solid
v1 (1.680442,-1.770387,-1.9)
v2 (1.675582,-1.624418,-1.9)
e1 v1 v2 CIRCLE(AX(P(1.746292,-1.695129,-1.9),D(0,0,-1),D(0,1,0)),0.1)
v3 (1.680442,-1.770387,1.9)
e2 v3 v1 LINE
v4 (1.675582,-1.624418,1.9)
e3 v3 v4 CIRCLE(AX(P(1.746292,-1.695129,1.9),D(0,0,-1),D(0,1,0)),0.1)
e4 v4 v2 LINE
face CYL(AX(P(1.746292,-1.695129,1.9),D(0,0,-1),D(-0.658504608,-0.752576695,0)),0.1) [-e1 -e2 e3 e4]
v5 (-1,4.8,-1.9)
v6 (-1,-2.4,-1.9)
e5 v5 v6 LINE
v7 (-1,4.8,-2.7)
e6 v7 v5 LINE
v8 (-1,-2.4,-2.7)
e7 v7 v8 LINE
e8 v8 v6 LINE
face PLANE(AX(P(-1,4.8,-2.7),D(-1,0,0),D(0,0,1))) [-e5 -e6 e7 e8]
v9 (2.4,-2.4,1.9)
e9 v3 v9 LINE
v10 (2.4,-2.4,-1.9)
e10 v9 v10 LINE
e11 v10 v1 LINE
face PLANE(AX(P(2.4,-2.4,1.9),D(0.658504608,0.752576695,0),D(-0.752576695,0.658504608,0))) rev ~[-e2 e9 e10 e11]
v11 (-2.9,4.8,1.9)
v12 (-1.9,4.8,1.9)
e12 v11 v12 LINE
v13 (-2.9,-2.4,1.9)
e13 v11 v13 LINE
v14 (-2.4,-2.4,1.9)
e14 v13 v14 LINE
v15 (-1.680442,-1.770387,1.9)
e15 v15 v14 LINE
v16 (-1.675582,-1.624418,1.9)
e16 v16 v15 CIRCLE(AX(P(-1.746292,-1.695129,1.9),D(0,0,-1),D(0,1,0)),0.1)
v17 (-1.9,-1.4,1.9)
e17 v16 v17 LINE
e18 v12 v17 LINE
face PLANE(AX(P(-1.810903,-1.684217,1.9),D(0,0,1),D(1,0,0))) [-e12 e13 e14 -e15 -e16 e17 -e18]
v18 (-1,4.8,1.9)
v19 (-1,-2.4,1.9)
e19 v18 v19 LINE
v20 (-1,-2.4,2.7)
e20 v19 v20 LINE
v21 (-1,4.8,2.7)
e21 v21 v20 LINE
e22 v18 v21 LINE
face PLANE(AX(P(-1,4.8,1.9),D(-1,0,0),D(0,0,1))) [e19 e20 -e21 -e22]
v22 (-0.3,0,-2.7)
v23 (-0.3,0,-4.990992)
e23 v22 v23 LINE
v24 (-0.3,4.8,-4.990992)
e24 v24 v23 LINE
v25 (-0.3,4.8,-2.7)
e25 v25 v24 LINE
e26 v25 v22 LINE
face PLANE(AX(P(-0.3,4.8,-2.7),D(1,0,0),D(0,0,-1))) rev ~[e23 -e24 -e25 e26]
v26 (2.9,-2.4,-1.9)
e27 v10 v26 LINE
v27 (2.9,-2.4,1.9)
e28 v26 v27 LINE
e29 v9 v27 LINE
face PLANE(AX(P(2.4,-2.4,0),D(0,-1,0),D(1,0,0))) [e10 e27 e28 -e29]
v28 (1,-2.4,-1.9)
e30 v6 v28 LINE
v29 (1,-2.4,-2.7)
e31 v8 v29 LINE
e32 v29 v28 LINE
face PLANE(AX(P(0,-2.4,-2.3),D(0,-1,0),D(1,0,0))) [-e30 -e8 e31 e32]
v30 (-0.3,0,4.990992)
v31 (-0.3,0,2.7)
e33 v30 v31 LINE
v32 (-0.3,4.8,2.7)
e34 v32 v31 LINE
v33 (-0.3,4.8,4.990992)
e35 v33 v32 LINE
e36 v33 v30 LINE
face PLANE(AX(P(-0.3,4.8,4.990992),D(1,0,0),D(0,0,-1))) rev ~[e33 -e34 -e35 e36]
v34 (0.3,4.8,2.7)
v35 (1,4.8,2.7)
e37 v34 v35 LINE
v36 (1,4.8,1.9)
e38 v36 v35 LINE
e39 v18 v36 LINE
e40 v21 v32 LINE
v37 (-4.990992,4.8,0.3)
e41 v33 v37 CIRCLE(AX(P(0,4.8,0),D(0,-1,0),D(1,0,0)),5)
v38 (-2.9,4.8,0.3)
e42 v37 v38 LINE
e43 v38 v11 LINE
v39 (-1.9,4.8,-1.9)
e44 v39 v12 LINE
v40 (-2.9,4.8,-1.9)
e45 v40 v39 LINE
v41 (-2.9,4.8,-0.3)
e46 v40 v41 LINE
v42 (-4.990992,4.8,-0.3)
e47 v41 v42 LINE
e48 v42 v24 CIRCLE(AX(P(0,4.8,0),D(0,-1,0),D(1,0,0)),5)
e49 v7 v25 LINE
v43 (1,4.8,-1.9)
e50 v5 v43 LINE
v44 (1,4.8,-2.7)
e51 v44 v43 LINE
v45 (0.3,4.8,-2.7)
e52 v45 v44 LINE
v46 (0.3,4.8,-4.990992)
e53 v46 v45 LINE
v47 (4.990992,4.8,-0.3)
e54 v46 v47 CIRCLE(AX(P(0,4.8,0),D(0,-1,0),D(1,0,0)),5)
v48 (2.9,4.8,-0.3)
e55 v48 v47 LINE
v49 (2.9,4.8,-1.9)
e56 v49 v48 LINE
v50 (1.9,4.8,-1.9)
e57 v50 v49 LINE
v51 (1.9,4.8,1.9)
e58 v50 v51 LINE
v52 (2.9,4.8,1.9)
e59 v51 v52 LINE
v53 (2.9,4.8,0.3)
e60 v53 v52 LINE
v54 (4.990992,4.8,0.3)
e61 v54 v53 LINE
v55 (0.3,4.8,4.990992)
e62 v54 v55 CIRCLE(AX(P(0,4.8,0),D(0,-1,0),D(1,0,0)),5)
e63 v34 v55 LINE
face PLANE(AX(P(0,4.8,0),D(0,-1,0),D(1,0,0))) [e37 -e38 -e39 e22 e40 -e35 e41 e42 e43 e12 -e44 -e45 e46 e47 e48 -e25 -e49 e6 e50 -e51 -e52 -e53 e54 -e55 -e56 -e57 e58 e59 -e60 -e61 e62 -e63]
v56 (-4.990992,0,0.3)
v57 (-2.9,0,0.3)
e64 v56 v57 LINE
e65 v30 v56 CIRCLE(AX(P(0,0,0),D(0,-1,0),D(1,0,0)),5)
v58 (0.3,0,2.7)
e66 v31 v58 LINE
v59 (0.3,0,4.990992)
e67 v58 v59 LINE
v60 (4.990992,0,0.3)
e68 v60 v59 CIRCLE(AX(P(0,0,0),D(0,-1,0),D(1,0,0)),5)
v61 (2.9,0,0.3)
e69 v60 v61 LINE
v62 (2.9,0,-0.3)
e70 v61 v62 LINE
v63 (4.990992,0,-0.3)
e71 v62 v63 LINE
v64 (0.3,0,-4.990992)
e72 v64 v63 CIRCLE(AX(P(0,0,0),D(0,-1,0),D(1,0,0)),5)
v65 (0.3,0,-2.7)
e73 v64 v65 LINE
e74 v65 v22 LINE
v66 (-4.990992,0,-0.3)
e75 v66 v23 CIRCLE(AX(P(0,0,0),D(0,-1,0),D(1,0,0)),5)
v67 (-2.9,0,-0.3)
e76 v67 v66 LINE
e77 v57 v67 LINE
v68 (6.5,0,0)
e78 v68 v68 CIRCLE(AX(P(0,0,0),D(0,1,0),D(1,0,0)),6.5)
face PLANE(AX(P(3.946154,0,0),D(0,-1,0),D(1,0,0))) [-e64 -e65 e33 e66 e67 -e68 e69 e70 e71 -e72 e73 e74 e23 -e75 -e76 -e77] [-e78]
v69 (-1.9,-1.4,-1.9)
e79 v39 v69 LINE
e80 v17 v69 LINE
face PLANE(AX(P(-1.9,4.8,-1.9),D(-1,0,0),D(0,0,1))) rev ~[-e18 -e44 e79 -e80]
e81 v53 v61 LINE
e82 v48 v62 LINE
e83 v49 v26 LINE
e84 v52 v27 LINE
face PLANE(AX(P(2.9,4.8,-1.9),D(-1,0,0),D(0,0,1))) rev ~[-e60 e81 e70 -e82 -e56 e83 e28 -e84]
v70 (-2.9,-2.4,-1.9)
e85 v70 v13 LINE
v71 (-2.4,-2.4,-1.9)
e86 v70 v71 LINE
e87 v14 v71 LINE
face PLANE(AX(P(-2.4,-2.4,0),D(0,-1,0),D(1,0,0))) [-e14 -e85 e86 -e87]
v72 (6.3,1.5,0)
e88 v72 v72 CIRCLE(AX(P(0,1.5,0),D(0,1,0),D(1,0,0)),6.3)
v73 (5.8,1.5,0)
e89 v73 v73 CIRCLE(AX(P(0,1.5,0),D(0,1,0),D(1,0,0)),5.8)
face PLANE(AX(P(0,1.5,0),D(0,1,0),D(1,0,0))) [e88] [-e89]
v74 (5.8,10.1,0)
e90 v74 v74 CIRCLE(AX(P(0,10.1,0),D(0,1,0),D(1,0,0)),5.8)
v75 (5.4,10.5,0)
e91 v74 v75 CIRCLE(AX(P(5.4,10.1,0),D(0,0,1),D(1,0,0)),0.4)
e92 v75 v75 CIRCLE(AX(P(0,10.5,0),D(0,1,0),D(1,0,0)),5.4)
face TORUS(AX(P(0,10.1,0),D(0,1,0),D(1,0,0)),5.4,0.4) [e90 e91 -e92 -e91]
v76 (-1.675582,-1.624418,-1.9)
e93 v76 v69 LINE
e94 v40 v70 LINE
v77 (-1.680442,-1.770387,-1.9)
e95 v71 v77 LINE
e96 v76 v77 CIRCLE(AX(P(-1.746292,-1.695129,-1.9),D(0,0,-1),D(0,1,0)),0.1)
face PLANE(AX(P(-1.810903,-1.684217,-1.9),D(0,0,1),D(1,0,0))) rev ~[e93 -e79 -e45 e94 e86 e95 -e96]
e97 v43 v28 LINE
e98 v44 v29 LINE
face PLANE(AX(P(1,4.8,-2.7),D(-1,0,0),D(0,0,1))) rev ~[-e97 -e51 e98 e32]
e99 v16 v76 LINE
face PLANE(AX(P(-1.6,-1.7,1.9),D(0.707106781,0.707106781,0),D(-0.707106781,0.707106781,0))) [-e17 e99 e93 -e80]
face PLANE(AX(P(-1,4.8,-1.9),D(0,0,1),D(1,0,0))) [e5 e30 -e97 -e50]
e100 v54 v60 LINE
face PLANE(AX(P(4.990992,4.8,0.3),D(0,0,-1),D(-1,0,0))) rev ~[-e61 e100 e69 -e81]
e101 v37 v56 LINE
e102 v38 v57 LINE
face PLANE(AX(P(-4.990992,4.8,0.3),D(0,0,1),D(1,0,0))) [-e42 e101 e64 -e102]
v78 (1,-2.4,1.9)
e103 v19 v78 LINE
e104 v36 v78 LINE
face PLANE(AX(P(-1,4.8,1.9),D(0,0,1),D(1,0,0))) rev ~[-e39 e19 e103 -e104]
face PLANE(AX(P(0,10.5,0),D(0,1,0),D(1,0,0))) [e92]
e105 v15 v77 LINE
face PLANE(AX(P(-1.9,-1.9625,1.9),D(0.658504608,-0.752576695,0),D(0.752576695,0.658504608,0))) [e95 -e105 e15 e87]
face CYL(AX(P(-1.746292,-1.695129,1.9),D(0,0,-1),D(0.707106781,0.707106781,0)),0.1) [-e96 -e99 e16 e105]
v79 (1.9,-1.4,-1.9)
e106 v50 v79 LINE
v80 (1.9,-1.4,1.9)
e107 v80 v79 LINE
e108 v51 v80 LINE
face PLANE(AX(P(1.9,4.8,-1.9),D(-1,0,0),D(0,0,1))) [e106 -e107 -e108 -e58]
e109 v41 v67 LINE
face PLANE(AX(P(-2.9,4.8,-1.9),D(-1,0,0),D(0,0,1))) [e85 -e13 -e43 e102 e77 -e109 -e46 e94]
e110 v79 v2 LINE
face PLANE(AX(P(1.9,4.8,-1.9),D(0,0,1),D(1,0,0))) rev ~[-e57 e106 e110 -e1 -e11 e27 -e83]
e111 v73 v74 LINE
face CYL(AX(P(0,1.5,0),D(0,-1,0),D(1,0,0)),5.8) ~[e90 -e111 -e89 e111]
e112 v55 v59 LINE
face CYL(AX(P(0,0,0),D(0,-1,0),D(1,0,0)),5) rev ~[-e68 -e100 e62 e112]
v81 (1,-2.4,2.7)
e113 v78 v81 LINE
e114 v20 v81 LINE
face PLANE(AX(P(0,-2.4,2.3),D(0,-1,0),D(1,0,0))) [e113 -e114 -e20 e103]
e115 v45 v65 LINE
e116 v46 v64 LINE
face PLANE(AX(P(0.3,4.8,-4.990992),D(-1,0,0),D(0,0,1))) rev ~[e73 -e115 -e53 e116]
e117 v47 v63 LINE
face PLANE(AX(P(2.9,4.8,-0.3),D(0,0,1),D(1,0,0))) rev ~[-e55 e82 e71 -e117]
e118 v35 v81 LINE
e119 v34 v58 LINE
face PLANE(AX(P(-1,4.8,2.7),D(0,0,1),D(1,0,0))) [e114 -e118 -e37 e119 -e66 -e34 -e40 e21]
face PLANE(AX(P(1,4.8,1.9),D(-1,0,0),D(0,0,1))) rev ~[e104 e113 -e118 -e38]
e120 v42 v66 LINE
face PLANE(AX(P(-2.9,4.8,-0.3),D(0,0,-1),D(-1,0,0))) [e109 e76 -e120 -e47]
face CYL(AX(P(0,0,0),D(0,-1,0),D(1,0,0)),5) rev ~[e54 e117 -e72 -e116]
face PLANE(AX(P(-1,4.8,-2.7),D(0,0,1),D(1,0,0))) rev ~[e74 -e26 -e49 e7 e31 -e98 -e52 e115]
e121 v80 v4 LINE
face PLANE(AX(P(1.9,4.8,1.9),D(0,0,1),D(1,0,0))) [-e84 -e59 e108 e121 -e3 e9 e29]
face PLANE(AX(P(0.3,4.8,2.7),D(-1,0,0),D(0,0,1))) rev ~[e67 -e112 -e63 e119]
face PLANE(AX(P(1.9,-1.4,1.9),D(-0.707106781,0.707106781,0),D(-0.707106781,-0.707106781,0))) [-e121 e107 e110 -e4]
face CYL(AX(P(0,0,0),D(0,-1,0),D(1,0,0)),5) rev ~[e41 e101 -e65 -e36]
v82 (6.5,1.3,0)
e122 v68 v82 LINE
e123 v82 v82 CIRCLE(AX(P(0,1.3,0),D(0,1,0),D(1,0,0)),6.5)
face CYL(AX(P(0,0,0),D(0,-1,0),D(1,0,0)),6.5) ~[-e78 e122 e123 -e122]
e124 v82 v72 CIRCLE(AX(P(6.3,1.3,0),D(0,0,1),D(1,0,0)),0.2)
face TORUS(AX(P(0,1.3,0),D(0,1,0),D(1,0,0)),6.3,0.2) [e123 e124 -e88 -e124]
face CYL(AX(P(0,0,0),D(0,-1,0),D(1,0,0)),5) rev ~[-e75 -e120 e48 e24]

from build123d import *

# Parameters (mm, degrees)
SKETCH1_R           = 6.5
BOSS_EXTRUDE1_DEPTH = 1.5
SKETCH2_R           = 5.8
BOSS_EXTRUDE2_DEPTH = 9
FILLET1_R           = 0.4
SKETCH3_R           = 5
CUT_EXTRUDE1_DEPTH  = 4.8
BOSS_EXTRUDE3_DEPTH = 4.8
SKETCH5_W           = 2
SKETCH5_H           = 0.8
SKETCH5_W_2         = 1
SKETCH5_H_2         = 3.8
BOSS_EXTRUDE4_DEPTH = 7.2
CUT_EXTRUDE2_REACH  = 10.4
BOSS_EXTRUDE5_DEPTH = 3.8
FILLET2_R           = 0.1
FILLET3_R           = 0.2


with BuildPart() as part:
    # Sketch1 → Boss-Extrude1 (new body)
    with BuildSketch(Plane(origin=(0, 0, 0), x_dir=(1, 0, 0), z_dir=(0, 1, 0))):
        Circle(SKETCH1_R)
    extrude(amount=BOSS_EXTRUDE1_DEPTH)

    # Sketch2 → Boss-Extrude2 (add)
    with BuildSketch(Plane(origin=(0, 1.5, 0), x_dir=(1, 0, 0), z_dir=(0, 1, 0))):
        Circle(SKETCH2_R)
    extrude(amount=BOSS_EXTRUDE2_DEPTH)

    # Fillet1
    fillet1_edges = [part.edges().sort_by_distance(p)[0] for p in [
        (-5.8, 10.5, 0),
    ]]
    fillet(fillet1_edges, radius=FILLET1_R)

    # Sketch3 → Cut-Extrude1 (cut)
    with BuildSketch(Plane.XZ):
        Circle(SKETCH3_R)
    extrude(amount=-CUT_EXTRUDE1_DEPTH, mode=Mode.SUBTRACT)

    # Sketch4 → Boss-Extrude3 (add)
    with BuildSketch(Plane.XZ.offset(-4.8)):
        with BuildLine():
            Line((-4.990991885, 0.3), (-2.9, 0.3))
            Line((-2.9, 0.3), (-2.9, -0.3))
            Line((-2.9, -0.3), (-4.990991885, -0.3))
            ThreePointArc((-4.990991885, -0.3), (-5, 0), (-4.990991885, 0.3))
        make_face()
        with BuildLine():
            Line((2.9, 0.3), (2.9, -0.3))
            Line((2.9, -0.3), (4.990991885, -0.3))
            ThreePointArc((4.990991885, -0.3), (5, 0), (4.990991885, 0.3))
            Line((4.990991885, 0.3), (2.9, 0.3))
        make_face()
        with BuildLine():
            Line((-0.3, 4.990991885), (-0.3, 2.7))
            Line((-0.3, 2.7), (0.3, 2.7))
            Line((0.3, 2.7), (0.3, 4.990991885))
            ThreePointArc((0.3, 4.990991885), (0, 5), (-0.3, 4.990991885))
        make_face()
        with BuildLine():
            Line((0.3, -2.7), (-0.3, -2.7))
            Line((-0.3, -2.7), (-0.3, -4.990991885))
            ThreePointArc((-0.3, -4.990991885), (0, -5), (0.3, -4.990991885))
            Line((0.3, -4.990991885), (0.3, -2.7))
        make_face()
    extrude(amount=BOSS_EXTRUDE3_DEPTH)

    # Sketch5 → Boss-Extrude4 (add)
    with BuildSketch(Plane.XZ.offset(-4.8)):
        with Locations((0, 2.3)):
            Rectangle(SKETCH5_W, SKETCH5_H)
        with Locations((-2.4, 0)):
            Rectangle(SKETCH5_W_2, SKETCH5_H_2)
        with Locations((2.4, 0)):
            Rectangle(SKETCH5_W_2, SKETCH5_H_2)
        with Locations((0, -2.3)):
            Rectangle(SKETCH5_W, SKETCH5_H)
    extrude(amount=BOSS_EXTRUDE4_DEPTH)

    # Sketch6 → Cut-Extrude2 (cut, up to next)
    with BuildSketch(Plane.XY.offset(1.9), mode=Mode.PRIVATE) as cut_extrude2_sk1:
        Polygon((-1.9, -2.4), (-1.9, -1.9625), (-2.4, -2.4), align=None)
    cut_extrude2_tool1 = extrude(cut_extrude2_sk1.sketch, amount=-CUT_EXTRUDE2_REACH, mode=Mode.PRIVATE) & part.part
    add(cut_extrude2_tool1.solids().sort_by_distance((-2.066667, -2.254167, 1.9))[0], mode=Mode.SUBTRACT)
    # Sketch6 → Cut-Extrude2 (cut, up to next)
    with BuildSketch(Plane.XY.offset(1.9), mode=Mode.PRIVATE) as cut_extrude2_sk2:
        Polygon((1.9, -1.9625), (1.9, -2.4), (2.4, -2.4), align=None)
    cut_extrude2_tool2 = extrude(cut_extrude2_sk2.sketch, amount=-CUT_EXTRUDE2_REACH, mode=Mode.PRIVATE) & part.part
    add(cut_extrude2_tool2.solids().sort_by_distance((2.066667, -2.254167, 1.9))[0], mode=Mode.SUBTRACT)

    # Sketch6<3> → Boss-Extrude5 (add)
    with BuildSketch(Plane.XY.offset(1.9)):
        Polygon((-1.6, -1.7), (-1.9, -1.4), (-1.9, -1.9625), align=None)
        Polygon((1.6, -1.7), (1.9, -1.9625), (1.9, -1.4), align=None)
    extrude(amount=-BOSS_EXTRUDE5_DEPTH)

    # Fillet2
    fillet2_edges = [part.edges().sort_by_distance(p)[0] for p in [
        (-1.6, -1.7, 0),
        (1.6, -1.7, 0),
    ]]
    fillet(fillet2_edges, radius=FILLET2_R)

    # Fillet3
    fillet3_edges = [part.edges().sort_by_distance(p)[0] for p in [
        (-6.5, 1.5, 0),
    ]]
    fillet(fillet3_edges, radius=FILLET3_R)


solid = part.part
